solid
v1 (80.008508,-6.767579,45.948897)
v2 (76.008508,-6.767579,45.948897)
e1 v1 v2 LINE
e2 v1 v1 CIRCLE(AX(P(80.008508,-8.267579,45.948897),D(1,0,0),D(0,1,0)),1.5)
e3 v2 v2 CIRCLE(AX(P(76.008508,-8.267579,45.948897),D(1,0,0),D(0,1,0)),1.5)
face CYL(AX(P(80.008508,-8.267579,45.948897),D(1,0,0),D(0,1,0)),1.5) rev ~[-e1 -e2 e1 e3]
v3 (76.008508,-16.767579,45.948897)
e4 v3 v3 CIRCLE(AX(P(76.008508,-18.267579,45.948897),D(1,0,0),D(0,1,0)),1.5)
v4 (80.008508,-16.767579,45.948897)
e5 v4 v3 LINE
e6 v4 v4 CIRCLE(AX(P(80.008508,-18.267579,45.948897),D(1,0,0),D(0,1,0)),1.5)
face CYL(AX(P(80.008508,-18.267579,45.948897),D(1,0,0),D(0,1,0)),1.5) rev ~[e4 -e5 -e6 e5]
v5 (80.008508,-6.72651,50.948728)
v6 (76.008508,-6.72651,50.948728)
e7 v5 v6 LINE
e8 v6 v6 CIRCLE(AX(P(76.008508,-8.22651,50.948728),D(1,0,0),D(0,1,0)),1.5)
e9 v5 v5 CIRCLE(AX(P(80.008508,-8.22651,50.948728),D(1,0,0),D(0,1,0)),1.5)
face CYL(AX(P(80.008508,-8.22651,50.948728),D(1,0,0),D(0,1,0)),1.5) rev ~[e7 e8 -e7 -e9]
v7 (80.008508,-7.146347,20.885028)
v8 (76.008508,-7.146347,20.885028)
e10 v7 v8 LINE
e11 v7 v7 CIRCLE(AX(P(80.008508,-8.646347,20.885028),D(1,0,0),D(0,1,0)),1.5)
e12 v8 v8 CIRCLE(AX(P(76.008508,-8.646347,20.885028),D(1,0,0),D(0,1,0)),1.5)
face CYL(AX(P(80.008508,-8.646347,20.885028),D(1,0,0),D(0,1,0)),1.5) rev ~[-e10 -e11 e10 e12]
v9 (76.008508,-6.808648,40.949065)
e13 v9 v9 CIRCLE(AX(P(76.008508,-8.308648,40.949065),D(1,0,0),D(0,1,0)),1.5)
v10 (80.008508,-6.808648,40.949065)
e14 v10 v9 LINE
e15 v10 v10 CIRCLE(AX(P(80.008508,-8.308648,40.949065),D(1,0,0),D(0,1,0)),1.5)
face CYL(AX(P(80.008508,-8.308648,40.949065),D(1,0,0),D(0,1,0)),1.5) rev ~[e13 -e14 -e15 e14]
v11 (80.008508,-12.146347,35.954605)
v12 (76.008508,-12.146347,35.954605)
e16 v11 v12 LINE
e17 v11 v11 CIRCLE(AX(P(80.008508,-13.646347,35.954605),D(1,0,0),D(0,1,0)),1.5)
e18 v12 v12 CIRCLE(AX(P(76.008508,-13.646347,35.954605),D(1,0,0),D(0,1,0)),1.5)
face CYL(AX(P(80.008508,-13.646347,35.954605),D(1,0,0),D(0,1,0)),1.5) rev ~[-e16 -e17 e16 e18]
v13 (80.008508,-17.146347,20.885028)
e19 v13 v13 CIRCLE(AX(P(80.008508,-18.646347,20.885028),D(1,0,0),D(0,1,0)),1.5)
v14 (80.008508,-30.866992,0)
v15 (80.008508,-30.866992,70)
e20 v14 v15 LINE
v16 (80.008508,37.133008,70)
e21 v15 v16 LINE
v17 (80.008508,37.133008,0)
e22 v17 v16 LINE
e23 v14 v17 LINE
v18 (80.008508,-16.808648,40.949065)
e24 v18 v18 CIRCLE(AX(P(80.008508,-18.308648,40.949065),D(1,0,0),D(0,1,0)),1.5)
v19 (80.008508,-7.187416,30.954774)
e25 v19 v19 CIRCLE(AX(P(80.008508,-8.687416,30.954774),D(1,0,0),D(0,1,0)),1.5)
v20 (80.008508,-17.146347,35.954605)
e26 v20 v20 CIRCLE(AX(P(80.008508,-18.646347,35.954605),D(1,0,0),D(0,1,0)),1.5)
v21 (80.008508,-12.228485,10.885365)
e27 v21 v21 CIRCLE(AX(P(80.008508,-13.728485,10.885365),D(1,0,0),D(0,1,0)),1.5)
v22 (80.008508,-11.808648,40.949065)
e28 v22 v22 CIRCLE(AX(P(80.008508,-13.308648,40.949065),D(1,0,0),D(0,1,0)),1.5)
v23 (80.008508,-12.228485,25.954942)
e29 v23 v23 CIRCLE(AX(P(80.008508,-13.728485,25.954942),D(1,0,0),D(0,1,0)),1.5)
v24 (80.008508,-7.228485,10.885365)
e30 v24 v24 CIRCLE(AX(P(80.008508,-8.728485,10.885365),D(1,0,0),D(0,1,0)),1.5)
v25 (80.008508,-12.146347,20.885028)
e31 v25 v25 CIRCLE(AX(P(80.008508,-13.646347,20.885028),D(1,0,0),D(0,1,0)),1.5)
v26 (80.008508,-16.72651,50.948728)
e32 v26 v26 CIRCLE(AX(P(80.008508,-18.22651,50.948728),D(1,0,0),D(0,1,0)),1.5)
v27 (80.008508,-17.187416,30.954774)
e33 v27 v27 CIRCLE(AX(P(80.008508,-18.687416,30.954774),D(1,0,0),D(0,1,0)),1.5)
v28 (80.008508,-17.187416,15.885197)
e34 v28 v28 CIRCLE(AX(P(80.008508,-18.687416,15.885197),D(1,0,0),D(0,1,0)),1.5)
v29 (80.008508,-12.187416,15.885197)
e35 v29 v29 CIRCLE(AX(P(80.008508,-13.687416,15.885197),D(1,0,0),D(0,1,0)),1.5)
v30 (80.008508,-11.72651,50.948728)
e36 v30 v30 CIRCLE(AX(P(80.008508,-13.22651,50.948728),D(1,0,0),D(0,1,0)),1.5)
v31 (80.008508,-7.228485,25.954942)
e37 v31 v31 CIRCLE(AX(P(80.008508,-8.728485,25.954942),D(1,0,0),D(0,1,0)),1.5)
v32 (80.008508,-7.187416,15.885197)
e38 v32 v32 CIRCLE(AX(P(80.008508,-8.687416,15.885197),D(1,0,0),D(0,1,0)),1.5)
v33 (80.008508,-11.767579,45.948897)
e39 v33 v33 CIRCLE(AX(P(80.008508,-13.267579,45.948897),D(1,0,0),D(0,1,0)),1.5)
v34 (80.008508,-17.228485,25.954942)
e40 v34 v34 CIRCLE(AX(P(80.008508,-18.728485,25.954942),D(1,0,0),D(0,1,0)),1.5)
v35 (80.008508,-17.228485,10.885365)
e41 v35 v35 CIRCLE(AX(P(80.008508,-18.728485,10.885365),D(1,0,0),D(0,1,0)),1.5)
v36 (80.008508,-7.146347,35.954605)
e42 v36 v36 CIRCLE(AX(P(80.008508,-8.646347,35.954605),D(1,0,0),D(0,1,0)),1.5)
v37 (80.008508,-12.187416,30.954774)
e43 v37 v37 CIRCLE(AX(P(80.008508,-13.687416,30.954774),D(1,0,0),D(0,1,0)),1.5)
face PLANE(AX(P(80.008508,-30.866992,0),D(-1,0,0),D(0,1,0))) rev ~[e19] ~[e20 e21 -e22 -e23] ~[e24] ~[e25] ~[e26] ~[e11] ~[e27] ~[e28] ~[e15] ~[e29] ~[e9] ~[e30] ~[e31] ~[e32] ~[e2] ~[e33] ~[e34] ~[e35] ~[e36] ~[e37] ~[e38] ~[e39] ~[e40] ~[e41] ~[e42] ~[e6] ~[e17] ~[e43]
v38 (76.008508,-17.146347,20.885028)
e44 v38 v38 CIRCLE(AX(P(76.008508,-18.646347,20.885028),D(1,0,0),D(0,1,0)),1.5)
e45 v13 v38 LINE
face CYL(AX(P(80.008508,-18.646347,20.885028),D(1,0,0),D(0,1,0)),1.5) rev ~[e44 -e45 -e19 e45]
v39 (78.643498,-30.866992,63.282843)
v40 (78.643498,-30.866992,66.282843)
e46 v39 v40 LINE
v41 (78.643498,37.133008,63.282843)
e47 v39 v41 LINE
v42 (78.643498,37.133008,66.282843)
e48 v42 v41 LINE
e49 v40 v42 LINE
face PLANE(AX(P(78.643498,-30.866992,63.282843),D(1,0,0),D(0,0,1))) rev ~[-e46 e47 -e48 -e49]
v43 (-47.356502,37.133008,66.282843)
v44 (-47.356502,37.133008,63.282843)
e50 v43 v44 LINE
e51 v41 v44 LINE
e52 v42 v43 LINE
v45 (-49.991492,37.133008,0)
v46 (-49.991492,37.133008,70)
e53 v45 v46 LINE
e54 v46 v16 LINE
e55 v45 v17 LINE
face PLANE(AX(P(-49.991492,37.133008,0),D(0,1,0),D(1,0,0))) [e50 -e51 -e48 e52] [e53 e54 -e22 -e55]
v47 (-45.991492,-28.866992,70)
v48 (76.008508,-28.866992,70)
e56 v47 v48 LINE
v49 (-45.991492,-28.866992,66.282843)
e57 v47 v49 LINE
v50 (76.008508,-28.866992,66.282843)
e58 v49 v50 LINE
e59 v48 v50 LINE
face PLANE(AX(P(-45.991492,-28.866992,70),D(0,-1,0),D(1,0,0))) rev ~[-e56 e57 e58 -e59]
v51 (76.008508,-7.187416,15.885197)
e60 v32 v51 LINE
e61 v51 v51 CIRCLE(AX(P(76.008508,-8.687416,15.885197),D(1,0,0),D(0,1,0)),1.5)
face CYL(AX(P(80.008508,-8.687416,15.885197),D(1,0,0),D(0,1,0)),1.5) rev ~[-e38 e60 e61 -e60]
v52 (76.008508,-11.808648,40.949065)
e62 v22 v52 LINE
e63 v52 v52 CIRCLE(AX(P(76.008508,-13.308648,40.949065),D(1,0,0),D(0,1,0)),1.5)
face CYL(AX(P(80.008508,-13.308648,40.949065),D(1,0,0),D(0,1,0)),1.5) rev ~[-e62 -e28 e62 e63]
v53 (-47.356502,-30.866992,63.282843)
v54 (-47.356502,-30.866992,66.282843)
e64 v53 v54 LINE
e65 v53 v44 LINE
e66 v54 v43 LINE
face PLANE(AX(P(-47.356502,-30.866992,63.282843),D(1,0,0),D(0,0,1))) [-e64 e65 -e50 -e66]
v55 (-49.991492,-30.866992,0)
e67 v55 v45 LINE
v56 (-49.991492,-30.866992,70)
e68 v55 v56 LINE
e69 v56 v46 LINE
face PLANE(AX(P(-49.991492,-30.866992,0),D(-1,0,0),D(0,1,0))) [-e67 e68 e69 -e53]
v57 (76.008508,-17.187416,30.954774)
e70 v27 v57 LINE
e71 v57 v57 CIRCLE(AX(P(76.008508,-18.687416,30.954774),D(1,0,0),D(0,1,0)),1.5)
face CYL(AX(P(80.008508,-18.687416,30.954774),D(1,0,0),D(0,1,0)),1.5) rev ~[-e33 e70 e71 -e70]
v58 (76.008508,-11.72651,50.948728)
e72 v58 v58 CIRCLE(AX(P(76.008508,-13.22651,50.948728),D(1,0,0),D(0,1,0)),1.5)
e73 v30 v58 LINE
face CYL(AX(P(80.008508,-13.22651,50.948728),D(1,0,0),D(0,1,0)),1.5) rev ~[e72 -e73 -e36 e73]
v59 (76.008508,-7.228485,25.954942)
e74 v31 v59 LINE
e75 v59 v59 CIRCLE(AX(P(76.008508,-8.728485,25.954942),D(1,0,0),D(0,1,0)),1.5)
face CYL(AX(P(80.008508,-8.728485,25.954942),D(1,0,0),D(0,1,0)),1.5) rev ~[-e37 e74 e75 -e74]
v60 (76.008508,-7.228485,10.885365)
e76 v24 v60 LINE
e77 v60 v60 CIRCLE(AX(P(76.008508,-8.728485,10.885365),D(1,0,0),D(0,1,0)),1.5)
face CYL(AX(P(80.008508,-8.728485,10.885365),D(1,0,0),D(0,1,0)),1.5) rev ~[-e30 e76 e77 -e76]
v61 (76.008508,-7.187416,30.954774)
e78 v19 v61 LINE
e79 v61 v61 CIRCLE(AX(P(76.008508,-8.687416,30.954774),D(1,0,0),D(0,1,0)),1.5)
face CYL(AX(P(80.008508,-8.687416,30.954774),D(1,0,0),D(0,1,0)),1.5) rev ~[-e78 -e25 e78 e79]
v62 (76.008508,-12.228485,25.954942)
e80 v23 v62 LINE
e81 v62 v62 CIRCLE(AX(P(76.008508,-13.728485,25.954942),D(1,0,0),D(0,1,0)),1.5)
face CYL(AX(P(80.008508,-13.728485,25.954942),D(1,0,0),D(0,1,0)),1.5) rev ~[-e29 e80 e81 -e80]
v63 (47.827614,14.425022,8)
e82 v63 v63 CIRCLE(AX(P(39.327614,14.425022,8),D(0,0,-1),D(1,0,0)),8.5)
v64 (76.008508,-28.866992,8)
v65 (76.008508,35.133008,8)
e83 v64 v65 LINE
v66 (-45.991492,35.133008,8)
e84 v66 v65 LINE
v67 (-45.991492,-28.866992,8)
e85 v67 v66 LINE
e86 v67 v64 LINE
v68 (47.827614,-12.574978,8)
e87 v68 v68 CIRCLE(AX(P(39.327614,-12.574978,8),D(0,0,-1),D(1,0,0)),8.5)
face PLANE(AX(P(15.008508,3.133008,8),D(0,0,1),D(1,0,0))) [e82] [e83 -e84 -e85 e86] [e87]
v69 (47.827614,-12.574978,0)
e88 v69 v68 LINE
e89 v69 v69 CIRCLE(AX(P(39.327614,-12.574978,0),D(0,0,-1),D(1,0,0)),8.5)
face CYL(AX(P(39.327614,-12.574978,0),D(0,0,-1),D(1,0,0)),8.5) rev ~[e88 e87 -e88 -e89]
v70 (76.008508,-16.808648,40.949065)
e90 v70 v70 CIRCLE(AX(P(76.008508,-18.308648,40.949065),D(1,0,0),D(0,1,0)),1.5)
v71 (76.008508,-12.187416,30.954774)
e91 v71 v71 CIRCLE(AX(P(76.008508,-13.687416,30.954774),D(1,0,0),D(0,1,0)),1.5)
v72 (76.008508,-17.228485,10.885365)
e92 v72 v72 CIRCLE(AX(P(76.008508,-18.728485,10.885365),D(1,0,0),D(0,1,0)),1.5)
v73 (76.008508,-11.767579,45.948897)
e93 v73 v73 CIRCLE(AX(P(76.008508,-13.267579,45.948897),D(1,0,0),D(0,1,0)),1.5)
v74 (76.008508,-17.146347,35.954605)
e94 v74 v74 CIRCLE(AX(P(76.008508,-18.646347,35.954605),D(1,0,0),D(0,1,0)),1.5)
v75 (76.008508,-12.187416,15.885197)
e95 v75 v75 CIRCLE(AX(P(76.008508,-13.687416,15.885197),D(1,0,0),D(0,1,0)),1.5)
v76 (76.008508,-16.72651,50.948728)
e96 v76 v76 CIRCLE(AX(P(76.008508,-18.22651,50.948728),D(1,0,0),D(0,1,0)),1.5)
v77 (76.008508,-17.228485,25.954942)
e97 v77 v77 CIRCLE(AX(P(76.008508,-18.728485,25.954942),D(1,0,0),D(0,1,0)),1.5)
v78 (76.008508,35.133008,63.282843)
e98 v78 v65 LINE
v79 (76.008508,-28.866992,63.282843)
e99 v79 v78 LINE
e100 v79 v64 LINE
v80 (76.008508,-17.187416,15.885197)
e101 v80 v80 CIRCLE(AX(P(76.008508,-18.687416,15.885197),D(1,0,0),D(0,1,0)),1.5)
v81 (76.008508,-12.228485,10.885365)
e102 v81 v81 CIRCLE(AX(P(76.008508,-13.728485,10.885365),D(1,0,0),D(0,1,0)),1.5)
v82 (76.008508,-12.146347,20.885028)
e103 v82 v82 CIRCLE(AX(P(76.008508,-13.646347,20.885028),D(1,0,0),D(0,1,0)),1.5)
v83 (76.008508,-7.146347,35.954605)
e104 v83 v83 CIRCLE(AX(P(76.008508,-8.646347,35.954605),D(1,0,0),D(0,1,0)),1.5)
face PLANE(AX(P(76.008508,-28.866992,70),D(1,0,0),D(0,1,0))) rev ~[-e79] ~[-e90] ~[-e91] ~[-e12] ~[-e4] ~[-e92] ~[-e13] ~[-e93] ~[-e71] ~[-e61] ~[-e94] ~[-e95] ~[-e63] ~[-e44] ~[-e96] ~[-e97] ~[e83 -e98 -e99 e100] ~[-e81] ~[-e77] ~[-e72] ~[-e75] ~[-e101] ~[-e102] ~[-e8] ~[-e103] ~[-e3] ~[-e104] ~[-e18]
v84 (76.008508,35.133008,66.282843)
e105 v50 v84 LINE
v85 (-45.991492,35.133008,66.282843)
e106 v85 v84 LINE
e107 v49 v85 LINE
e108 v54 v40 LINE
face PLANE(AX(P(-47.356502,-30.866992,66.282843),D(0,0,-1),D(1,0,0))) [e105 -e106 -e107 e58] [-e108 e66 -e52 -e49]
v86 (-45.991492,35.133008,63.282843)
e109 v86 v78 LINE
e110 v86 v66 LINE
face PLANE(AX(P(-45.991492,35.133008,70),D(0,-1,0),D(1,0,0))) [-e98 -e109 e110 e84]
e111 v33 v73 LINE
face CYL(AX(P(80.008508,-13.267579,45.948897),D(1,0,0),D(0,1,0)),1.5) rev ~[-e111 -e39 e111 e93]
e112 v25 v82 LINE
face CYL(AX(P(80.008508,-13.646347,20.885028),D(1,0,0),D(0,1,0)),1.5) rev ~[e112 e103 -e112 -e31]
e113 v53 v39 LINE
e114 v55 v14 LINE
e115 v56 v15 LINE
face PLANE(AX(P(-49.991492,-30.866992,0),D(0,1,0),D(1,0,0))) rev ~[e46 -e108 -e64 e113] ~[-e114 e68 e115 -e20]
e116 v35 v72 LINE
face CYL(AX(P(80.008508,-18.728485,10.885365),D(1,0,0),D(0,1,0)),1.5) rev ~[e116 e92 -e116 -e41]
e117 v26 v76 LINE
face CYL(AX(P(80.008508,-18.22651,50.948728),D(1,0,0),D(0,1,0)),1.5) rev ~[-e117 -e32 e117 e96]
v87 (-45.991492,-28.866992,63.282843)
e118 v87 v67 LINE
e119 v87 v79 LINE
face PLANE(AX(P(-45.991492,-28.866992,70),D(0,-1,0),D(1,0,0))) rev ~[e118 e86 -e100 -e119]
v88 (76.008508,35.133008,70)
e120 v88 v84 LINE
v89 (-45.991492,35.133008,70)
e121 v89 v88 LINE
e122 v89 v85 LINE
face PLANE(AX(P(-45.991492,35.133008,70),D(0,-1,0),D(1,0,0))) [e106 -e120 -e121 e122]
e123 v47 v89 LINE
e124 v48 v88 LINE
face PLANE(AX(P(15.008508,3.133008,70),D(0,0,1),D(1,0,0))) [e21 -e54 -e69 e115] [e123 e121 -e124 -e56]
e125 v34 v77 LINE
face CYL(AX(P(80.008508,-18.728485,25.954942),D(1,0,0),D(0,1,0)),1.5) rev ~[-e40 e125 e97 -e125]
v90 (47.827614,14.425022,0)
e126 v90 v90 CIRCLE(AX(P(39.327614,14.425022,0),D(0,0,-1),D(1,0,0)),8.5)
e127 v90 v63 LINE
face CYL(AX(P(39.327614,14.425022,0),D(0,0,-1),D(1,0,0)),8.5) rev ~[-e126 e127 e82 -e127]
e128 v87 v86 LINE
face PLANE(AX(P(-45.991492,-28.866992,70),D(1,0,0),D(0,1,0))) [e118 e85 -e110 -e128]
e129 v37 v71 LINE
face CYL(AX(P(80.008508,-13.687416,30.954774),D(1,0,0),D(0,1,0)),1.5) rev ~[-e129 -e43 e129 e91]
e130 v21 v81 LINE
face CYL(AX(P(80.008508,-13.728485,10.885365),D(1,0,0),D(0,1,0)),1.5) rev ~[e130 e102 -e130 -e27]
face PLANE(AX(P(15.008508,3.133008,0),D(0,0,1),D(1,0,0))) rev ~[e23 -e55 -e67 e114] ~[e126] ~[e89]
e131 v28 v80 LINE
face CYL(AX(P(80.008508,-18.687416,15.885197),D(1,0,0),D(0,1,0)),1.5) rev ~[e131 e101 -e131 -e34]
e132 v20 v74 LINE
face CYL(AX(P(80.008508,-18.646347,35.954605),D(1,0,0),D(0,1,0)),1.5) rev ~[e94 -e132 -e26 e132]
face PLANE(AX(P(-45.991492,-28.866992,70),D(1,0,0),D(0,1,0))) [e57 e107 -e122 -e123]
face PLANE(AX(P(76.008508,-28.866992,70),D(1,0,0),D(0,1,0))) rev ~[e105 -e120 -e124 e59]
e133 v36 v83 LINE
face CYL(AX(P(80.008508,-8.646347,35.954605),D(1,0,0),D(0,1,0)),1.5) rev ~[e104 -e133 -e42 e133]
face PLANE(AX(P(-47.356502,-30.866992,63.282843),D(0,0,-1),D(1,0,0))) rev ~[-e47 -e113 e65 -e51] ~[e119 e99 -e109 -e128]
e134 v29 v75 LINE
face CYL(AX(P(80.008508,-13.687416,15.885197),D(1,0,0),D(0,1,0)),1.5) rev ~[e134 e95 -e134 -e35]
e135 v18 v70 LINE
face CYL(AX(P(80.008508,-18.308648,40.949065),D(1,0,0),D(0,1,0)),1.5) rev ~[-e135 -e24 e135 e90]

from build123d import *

# Parameters (mm, degrees)
SKETCH_W        = 130
SKETCH_H        = 68
PAD_DEPTH       = 70
SKETCH001_W     = 122
SKETCH001_H     = 64
POCKET_DEPTH    = 62
SKETCH002_W     = 126
SKETCH002_H     = 3
POCKET001_DEPTH = 68.001
SKETCH004_R     = 1.5
POCKET002_DEPTH = 5
SKETCH005_R     = 8.5
POCKET003_DEPTH = 70.001


with BuildPart() as part:
    # Sketch (on XY_Plane of Origin) → Pad (new body)
    with BuildSketch(Plane.XY):
        with Locations((15.008508, 3.133008)):
            Rectangle(SKETCH_W, SKETCH_H)
    extrude(amount=PAD_DEPTH)

    # Sketch001 (on Face6 of Pad) → Pocket (cut)
    with BuildSketch(Plane.XY.offset(70)):
        with Locations((15.008508, 3.133008)):
            Rectangle(SKETCH001_W, SKETCH001_H)
    extrude(amount=-POCKET_DEPTH, mode=Mode.SUBTRACT)

    # Sketch002 (on Face3 of Pocket) → Pocket001 (cut, through all)
    with BuildSketch(Plane.XZ.offset(30.866992)):
        with Locations((15.643498, 64.782843)):
            Rectangle(SKETCH002_W, SKETCH002_H)
    extrude(amount=-POCKET001_DEPTH, mode=Mode.SUBTRACT)

    # Sketch004 (on Face6 of Pocket001) → Pocket002 (cut)
    with BuildSketch(Plane.YZ.offset(80.008508)):
        with Locations((-18.646347, 35.954605)):
            Circle(SKETCH004_R)
        with Locations((-13.646347, 35.954605)):
            Circle(SKETCH004_R)
        with Locations((-8.646347, 35.954605)):
            Circle(SKETCH004_R)
        with Locations((-18.687416, 30.954774)):
            Circle(SKETCH004_R)
        with Locations((-13.687416, 30.954774)):
            Circle(SKETCH004_R)
        with Locations((-8.687416, 30.954774)):
            Circle(SKETCH004_R)
        with Locations((-18.728485, 25.954942)):
            Circle(SKETCH004_R)
        with Locations((-13.728485, 25.954942)):
            Circle(SKETCH004_R)
        with Locations((-8.728485, 25.954942)):
            Circle(SKETCH004_R)
        with Locations((-18.646347, 20.885028)):
            Circle(SKETCH004_R)
        with Locations((-13.646347, 20.885028)):
            Circle(SKETCH004_R)
        with Locations((-8.646347, 20.885028)):
            Circle(SKETCH004_R)
        with Locations((-18.687416, 15.885197)):
            Circle(SKETCH004_R)
        with Locations((-13.687416, 15.885197)):
            Circle(SKETCH004_R)
        with Locations((-8.687416, 15.885197)):
            Circle(SKETCH004_R)
        with Locations((-18.728485, 10.885365)):
            Circle(SKETCH004_R)
        with Locations((-13.728485, 10.885365)):
            Circle(SKETCH004_R)
        with Locations((-8.728485, 10.885365)):
            Circle(SKETCH004_R)
        with Locations((-18.22651, 50.948728)):
            Circle(SKETCH004_R)
        with Locations((-13.22651, 50.948728)):
            Circle(SKETCH004_R)
        with Locations((-8.22651, 50.948728)):
            Circle(SKETCH004_R)
        with Locations((-18.267579, 45.948897)):
            Circle(SKETCH004_R)
        with Locations((-13.267579, 45.948897)):
            Circle(SKETCH004_R)
        with Locations((-8.267579, 45.948897)):
            Circle(SKETCH004_R)
        with Locations((-18.308648, 40.949065)):
            Circle(SKETCH004_R)
        with Locations((-13.308648, 40.949065)):
            Circle(SKETCH004_R)
        with Locations((-8.308648, 40.949065)):
            Circle(SKETCH004_R)
    extrude(amount=-POCKET002_DEPTH, mode=Mode.SUBTRACT)

    # Sketch005 (on Face4 of Pocket002) → Pocket003 (cut, through all)
    with BuildSketch(Plane(origin=(0, 0, 0), x_dir=(1, 0, 0), z_dir=(0, 0, -1))):
        with Locations((39.327614, 12.574978)):
            Circle(SKETCH005_R)
        with Locations((39.327614, -14.425022)):
            Circle(SKETCH005_R)
    extrude(amount=-POCKET003_DEPTH, mode=Mode.SUBTRACT)


solid = part.part
